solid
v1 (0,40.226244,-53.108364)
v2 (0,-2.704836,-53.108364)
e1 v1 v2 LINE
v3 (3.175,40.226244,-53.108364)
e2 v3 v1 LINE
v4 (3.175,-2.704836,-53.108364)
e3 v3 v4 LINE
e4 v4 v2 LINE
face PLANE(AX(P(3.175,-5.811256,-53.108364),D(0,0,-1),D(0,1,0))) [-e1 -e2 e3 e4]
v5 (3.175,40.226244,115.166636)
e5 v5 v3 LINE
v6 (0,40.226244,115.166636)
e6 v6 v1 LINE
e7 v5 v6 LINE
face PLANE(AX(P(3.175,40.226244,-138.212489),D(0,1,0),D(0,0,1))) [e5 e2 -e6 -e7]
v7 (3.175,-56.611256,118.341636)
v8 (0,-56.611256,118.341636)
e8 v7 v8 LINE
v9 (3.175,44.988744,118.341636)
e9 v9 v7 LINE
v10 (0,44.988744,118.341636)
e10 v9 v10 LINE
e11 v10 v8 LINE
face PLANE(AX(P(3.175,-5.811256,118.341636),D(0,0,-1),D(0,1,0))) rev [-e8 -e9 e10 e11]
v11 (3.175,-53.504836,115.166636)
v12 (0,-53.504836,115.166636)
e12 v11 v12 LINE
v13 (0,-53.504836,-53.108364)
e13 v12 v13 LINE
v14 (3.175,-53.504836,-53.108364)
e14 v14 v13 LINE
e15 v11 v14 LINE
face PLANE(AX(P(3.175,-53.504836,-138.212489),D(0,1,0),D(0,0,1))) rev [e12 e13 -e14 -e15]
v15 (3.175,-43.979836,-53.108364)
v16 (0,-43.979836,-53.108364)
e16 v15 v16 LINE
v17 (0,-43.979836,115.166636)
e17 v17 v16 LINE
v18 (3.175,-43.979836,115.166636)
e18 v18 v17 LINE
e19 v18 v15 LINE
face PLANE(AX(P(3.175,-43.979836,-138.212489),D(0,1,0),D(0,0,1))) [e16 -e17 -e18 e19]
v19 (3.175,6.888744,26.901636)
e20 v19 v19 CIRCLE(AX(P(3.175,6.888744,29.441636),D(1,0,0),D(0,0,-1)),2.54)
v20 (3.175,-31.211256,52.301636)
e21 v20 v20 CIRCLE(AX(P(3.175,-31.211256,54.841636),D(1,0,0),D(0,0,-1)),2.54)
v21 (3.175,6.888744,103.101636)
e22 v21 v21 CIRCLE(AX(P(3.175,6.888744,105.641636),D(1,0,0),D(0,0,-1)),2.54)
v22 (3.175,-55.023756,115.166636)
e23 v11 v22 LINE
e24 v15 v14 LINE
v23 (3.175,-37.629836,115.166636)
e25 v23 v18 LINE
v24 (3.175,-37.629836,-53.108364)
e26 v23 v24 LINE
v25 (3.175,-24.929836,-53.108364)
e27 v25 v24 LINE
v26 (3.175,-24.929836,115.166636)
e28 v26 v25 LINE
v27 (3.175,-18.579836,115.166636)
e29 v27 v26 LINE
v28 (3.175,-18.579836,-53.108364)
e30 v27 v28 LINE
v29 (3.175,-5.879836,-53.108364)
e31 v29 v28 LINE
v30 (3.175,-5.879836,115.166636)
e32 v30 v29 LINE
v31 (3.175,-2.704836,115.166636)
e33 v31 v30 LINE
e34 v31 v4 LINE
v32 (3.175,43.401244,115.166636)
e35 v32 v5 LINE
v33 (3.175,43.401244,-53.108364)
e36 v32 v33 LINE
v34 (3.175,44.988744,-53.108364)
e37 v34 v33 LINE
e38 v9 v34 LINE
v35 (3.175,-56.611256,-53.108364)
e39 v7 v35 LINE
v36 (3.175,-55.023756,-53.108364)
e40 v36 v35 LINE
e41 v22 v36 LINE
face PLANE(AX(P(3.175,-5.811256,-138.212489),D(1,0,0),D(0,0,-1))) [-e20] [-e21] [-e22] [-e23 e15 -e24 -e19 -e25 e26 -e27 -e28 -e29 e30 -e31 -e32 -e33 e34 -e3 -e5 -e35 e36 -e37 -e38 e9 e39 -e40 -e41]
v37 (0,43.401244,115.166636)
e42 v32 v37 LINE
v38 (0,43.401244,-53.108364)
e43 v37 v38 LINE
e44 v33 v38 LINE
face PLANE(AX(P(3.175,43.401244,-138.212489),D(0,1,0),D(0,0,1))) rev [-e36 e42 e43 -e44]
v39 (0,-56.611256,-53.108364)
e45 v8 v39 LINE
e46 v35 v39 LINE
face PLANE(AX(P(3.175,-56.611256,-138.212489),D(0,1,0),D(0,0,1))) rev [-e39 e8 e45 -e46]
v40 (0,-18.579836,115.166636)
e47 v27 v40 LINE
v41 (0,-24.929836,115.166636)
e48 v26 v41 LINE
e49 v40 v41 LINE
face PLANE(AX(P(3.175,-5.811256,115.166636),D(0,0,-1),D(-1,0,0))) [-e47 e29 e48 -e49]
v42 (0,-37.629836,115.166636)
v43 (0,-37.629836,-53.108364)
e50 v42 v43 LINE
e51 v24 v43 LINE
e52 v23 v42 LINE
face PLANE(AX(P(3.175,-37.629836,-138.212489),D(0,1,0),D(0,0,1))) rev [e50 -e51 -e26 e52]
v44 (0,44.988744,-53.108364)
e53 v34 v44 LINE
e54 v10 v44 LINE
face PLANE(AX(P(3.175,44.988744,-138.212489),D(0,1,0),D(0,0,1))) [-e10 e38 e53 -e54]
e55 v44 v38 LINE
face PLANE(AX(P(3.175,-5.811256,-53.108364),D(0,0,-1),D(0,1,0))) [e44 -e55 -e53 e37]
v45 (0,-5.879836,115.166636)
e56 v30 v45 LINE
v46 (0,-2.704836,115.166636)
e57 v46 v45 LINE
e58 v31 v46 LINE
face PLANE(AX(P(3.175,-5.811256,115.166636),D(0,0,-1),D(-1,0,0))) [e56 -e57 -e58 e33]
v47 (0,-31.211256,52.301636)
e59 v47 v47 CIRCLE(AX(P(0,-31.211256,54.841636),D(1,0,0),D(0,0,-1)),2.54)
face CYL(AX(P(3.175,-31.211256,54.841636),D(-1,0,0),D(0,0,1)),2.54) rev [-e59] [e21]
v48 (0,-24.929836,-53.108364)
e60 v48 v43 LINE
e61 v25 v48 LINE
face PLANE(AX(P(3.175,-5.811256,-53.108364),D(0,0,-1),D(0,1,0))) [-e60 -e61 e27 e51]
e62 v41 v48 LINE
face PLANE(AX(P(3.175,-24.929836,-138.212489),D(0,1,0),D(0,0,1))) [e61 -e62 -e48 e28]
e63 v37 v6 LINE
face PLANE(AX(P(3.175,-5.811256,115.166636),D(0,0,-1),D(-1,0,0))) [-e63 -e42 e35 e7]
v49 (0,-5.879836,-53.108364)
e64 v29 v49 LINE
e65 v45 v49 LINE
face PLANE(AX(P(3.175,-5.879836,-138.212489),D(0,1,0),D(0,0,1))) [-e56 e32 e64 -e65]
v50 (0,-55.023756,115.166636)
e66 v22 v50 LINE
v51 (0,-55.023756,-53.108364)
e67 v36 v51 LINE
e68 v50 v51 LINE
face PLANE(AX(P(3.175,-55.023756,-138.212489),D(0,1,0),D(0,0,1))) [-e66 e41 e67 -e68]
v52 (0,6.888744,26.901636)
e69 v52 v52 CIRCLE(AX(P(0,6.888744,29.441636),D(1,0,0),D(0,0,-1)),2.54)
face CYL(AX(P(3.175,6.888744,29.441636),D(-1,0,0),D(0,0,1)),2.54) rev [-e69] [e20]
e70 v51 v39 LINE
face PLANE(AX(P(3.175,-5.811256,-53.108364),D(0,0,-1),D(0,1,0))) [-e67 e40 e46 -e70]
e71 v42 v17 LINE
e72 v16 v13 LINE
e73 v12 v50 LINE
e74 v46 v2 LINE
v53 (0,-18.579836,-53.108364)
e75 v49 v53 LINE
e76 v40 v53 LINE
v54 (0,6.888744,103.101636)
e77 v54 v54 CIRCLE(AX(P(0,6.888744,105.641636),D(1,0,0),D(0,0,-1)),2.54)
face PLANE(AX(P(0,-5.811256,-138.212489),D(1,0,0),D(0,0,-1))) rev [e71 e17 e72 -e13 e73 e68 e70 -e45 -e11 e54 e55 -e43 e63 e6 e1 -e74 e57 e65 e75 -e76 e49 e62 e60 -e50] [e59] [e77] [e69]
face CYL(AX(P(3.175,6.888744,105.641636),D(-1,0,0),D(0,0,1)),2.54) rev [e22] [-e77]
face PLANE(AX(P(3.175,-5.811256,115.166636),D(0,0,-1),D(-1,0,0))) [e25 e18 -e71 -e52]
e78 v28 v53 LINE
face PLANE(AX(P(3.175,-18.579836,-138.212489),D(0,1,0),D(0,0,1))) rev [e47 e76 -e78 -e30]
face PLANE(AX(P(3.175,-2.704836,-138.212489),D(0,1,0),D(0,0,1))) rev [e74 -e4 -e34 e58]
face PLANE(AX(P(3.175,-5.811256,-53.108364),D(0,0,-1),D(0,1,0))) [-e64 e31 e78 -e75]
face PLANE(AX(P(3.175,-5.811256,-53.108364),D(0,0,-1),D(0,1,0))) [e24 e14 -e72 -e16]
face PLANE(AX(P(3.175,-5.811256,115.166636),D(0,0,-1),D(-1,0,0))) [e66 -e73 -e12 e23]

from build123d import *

# Parameters (mm, degrees)
SKETCH1_R           = 2.54
BOSS_EXTRUDE1_DEPTH = 3.175


with BuildPart() as part:
    # Sketch1 → Boss-Extrude1 (new body)
    with BuildSketch(Plane(origin=(0, 0, 0), x_dir=(0, 0, -1), z_dir=(1, 0, 0))):
        Polygon((53.108364313, 44.988743573), (-118.341635687, 44.988743573), (-118.341635687, -56.611256427), (53.108364313, -56.611256427), (53.108364313, -55.023756427), (-115.166635687, -55.023756427), (-115.166635687, -53.504836427), (53.108364313, -53.504836427), (53.108364313, -50.261256427), (53.108364313, -43.979836427), (-115.166635687, -43.979836427), (-115.166635687, -37.629836427), (53.108364313, -37.629836427), (53.108364313, -24.929836427), (-115.166635687, -24.929836427), (-115.166635687, -18.579836427), (53.108364313, -18.579836427), (53.108364313, -5.879836427), (-115.166635687, -5.879836427), (-115.166635687, -2.704836427), (53.108364313, -2.704836427), (53.108364313, 25.938743573), (53.108364313, 40.226243573), (-115.166635687, 40.226243573), (-115.166635687, 43.401243573), (53.108364313, 43.401243573), align=None)
        with Locations((-54.841635687, -31.211256427)):
            Circle(SKETCH1_R, mode=Mode.SUBTRACT)
        with Locations((-105.641635687, 6.888743573)):
            Circle(SKETCH1_R, mode=Mode.SUBTRACT)
        with Locations((-29.441635687, 6.888743573)):
            Circle(SKETCH1_R, mode=Mode.SUBTRACT)
    extrude(amount=BOSS_EXTRUDE1_DEPTH)


solid = part.part
